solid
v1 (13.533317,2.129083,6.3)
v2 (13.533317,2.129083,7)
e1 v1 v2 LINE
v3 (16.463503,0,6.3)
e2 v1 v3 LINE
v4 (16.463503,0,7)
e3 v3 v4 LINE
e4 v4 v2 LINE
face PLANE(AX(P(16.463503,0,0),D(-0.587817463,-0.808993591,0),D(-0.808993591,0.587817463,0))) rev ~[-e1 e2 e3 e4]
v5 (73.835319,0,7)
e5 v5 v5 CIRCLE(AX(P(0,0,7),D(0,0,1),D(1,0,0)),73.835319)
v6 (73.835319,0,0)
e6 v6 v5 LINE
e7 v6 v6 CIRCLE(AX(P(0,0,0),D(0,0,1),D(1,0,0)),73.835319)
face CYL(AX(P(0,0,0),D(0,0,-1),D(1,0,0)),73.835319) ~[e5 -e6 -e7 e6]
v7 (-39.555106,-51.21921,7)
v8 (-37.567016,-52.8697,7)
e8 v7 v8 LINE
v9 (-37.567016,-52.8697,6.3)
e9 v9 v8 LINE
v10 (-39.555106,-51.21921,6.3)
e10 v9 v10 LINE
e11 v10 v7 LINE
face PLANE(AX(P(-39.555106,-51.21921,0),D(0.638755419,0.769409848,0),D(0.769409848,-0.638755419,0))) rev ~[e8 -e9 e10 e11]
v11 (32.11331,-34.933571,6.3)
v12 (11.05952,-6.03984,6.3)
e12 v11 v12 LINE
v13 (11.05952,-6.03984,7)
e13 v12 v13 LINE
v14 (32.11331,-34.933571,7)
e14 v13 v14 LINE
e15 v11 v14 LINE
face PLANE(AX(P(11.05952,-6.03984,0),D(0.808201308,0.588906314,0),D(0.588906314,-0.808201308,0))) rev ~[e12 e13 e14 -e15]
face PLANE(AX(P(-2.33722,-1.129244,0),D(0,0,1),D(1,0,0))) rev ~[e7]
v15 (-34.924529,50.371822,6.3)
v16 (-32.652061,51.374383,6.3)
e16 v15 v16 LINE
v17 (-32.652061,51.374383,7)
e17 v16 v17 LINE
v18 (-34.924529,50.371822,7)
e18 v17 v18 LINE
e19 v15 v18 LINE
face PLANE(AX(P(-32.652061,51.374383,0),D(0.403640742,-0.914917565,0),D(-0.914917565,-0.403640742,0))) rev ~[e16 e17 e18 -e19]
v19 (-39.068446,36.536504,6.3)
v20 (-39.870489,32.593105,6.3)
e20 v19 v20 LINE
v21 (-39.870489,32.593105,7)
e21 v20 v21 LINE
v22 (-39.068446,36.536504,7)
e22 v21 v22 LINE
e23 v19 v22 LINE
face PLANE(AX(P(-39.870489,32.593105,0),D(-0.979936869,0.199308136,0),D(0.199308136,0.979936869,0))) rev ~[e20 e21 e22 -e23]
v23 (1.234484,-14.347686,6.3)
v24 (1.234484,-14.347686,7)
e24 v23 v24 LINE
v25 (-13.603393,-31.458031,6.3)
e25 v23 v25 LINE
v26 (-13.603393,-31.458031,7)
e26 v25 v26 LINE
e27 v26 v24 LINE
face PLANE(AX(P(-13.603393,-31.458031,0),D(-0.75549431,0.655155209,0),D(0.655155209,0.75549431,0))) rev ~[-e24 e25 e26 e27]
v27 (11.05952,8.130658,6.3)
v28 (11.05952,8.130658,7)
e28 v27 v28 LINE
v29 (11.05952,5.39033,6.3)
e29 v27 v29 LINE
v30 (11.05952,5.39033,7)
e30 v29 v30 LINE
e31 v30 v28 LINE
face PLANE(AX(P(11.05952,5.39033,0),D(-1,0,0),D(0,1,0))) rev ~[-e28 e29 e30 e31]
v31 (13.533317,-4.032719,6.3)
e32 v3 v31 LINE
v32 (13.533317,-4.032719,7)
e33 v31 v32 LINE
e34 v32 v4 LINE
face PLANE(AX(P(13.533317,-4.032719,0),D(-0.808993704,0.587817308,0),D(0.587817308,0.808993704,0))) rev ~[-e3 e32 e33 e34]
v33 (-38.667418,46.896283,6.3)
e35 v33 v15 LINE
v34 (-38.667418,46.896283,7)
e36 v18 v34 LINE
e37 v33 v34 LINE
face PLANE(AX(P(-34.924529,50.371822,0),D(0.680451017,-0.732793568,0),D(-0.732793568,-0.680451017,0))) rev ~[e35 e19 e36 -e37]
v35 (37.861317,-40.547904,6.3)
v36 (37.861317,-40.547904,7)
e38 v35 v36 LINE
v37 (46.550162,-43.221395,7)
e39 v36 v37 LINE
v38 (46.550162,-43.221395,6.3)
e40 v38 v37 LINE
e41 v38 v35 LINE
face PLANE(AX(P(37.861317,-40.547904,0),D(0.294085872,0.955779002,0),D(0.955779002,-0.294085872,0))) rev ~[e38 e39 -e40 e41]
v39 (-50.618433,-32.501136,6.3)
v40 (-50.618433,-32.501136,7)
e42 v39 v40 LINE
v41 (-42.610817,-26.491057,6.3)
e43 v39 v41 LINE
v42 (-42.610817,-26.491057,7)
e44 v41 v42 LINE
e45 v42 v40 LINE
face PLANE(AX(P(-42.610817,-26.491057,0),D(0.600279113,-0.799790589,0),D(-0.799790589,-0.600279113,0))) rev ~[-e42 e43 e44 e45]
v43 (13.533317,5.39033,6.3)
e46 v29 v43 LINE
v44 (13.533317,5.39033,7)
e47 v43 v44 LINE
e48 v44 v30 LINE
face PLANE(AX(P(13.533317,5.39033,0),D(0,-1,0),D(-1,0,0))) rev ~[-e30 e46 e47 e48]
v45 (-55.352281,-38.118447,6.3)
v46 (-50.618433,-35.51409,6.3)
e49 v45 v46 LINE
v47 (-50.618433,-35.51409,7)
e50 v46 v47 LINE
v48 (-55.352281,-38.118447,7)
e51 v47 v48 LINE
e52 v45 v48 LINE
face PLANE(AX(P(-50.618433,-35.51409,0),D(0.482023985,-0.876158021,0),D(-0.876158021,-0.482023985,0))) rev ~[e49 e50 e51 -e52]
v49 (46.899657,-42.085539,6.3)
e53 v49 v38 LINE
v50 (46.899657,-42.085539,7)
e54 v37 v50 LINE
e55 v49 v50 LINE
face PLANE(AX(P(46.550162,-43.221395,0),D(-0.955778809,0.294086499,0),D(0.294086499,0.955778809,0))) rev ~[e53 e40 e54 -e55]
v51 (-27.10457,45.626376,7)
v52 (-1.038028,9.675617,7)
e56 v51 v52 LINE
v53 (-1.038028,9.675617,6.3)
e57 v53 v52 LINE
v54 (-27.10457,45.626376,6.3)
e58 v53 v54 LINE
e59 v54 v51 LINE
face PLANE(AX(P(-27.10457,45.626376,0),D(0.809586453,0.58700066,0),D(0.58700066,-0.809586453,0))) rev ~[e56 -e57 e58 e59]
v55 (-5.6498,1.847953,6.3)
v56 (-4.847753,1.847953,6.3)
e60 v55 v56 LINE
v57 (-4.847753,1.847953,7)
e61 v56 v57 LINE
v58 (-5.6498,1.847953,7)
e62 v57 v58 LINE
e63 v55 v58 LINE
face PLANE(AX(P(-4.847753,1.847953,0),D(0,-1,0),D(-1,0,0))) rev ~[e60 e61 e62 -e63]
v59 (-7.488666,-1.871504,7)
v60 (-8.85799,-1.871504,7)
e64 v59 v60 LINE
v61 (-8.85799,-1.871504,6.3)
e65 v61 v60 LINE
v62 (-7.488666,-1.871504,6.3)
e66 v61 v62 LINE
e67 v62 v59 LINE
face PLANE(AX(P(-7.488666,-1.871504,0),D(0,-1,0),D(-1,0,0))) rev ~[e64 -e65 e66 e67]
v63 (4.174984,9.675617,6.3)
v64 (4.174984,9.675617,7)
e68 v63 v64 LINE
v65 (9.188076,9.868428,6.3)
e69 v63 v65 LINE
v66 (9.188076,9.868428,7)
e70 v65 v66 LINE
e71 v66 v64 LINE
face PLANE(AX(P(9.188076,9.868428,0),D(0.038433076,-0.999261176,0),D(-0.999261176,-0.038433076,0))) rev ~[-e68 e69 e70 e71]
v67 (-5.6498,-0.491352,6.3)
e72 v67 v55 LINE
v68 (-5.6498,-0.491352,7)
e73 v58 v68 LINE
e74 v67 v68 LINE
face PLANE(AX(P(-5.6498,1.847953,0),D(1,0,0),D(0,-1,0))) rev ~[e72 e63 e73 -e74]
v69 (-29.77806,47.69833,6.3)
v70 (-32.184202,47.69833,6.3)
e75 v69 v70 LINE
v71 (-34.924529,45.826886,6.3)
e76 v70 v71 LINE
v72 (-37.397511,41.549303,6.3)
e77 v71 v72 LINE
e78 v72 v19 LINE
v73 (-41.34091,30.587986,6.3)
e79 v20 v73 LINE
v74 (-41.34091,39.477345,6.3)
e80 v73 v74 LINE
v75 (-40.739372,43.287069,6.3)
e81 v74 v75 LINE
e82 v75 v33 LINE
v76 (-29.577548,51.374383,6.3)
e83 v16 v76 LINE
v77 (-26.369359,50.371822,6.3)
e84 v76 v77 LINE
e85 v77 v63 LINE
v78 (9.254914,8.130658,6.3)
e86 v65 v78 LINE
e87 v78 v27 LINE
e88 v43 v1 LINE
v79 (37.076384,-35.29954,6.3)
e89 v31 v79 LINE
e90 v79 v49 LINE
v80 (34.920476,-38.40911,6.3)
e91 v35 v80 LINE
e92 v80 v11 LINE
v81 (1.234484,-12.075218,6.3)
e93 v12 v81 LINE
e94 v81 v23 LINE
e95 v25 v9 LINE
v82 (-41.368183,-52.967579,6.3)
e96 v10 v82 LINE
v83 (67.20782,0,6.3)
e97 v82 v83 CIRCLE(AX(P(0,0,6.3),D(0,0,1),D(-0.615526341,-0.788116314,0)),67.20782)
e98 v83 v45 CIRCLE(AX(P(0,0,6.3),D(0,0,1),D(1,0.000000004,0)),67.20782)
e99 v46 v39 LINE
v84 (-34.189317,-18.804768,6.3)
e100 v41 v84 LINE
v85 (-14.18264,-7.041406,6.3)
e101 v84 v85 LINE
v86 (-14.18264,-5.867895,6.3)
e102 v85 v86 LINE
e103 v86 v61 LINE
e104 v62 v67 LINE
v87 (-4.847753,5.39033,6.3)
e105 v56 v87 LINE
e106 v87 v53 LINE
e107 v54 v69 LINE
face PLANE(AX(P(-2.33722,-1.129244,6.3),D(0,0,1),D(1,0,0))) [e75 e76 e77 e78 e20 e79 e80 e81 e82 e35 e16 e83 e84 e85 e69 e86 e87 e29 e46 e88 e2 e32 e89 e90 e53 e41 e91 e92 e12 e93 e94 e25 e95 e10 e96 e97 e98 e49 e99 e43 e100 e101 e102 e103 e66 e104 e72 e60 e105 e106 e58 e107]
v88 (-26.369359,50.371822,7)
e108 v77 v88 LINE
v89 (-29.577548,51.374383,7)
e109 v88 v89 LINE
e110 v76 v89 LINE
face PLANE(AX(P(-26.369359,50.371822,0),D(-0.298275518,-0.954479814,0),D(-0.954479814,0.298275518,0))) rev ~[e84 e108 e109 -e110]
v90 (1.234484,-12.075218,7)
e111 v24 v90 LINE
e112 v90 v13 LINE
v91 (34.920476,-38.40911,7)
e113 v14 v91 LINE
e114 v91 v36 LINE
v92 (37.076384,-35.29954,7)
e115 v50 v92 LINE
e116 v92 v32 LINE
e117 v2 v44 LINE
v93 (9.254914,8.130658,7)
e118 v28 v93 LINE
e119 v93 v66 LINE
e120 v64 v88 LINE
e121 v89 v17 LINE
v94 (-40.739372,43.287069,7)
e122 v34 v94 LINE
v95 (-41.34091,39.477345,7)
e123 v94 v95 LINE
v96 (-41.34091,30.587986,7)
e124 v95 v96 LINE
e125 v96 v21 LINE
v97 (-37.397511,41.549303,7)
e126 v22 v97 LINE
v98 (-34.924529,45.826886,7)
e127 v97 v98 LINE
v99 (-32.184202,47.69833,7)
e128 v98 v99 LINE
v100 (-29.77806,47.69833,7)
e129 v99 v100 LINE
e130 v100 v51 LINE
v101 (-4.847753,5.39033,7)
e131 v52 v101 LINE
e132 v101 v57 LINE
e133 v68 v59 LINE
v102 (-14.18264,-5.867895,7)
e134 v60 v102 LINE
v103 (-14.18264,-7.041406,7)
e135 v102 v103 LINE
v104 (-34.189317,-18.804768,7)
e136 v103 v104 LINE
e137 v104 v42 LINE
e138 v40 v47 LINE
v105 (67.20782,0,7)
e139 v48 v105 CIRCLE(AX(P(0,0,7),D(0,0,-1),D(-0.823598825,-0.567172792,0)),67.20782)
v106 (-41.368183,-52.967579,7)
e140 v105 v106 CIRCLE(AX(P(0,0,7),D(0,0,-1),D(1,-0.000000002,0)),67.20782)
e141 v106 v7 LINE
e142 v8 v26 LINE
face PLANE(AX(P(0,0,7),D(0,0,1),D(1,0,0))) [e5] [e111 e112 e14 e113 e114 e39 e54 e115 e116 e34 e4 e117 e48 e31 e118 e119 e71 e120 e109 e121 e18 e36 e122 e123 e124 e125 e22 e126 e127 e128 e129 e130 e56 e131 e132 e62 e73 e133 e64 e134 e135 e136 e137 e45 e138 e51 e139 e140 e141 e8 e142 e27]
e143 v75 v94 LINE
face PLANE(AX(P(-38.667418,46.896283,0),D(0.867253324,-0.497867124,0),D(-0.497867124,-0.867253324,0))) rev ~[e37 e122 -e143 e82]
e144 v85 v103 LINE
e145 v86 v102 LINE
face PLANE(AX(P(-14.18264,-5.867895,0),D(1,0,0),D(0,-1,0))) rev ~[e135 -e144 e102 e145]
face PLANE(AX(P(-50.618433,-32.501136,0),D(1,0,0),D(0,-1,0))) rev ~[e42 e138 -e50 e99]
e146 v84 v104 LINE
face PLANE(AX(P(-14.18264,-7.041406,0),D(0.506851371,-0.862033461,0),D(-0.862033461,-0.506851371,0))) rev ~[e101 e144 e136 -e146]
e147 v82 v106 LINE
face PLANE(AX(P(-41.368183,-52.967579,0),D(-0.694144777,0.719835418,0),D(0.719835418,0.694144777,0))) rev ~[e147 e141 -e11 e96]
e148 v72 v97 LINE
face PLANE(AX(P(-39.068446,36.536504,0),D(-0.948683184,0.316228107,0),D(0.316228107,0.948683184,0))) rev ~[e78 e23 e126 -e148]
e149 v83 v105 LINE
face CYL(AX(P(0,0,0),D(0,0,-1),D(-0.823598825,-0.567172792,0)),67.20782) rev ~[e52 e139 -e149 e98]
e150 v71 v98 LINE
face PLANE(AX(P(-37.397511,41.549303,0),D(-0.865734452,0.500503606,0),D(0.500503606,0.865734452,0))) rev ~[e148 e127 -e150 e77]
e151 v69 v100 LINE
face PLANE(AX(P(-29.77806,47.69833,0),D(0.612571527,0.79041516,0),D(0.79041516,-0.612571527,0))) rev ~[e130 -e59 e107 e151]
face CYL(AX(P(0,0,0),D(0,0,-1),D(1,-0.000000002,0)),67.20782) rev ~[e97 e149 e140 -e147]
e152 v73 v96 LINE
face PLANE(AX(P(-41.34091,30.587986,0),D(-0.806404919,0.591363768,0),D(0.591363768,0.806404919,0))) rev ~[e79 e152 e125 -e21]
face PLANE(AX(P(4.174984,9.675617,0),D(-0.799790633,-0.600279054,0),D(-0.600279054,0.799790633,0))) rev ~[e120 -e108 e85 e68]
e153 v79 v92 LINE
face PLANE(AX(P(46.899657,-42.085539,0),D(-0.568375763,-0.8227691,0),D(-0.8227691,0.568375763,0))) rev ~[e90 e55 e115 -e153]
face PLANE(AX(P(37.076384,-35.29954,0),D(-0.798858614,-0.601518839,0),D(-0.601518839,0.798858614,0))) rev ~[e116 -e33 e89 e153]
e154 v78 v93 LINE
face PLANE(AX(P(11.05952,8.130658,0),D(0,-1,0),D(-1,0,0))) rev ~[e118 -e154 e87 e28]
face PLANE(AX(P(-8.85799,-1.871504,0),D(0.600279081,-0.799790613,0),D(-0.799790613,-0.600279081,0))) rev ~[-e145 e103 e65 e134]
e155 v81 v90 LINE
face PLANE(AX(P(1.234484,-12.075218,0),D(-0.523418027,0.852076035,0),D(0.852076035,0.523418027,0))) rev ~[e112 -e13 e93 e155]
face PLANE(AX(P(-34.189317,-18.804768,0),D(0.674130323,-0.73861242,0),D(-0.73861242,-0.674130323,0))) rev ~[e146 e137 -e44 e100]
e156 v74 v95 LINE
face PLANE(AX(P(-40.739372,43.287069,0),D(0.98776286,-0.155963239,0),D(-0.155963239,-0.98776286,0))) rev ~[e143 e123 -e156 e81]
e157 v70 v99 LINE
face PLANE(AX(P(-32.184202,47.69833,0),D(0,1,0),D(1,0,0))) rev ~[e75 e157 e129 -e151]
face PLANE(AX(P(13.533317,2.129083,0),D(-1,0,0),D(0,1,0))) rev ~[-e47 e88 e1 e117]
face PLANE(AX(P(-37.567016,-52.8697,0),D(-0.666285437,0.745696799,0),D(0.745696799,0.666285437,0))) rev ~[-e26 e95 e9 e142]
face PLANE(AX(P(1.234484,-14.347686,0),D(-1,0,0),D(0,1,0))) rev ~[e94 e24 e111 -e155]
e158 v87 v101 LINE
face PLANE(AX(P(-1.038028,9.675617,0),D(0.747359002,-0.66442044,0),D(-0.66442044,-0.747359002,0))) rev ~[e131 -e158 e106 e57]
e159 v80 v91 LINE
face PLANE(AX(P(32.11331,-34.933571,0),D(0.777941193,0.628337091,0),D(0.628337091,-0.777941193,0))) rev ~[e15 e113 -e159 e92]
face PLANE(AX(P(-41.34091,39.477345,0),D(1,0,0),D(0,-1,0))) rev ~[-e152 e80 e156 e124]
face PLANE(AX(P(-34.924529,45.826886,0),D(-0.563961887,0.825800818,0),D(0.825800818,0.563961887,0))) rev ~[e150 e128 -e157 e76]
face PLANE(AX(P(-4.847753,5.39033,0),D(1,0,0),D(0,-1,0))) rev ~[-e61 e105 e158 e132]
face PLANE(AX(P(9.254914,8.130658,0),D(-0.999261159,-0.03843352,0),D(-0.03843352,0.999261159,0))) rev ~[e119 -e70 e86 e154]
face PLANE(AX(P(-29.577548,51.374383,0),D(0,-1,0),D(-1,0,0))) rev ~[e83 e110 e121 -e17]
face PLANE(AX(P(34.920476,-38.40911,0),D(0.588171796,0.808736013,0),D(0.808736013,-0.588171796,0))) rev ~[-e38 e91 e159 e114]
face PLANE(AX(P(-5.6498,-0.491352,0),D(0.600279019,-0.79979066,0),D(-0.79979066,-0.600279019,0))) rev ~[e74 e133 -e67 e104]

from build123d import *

# Parameters (mm, degrees)
F0_R     = 73.835319
F1_DEPTH = 7
F2_DEPTH = 6.3


with BuildPart() as f1:
    # F0 (on Top) → F1 (new body)
    with BuildSketch(Plane.XY):
        Circle(F0_R)
        with BuildLine():
            ThreePointArc((-55.352281, -38.118447), (-19.959771, 64.175529), (67.20782, 0))
            ThreePointArc((67.20782, 0), (29.467148, -60.403462), (-41.368183, -52.967579))
            ThreePointArc((-41.368183, -52.967579), (-48.926845, -46.076619), (-55.352281, -38.118447))
        make_face(mode=Mode.SUBTRACT)
        with BuildLine():
            Line((-50.618433, -35.51409), (-55.352281, -38.118447))
            ThreePointArc((-55.352281, -38.118447), (-48.926845, -46.076619), (-41.368183, -52.967579))
            Line((-41.368183, -52.967579), (-39.555106, -51.21921))
            Line((-39.555106, -51.21921), (-37.567016, -52.8697))
            Line((-37.567016, -52.8697), (-13.603393, -31.458031))
            Line((-13.603393, -31.458031), (1.234484, -14.347686))
            Line((1.234484, -14.347686), (1.234484, -12.075218))
            Line((1.234484, -12.075218), (11.05952, -6.03984))
            Line((11.05952, -6.03984), (32.11331, -34.933571))
            Line((32.11331, -34.933571), (34.920476, -38.40911))
            Line((34.920476, -38.40911), (37.861317, -40.547904))
            Line((37.861317, -40.547904), (46.550162, -43.221395))
            Line((46.550162, -43.221395), (46.899657, -42.085539))
            Line((46.899657, -42.085539), (37.076384, -35.29954))
            Line((37.076384, -35.29954), (13.533317, -4.032719))
            Line((13.533317, -4.032719), (16.463503, 0))
            Line((16.463503, 0), (13.533317, 2.129083))
            Line((13.533317, 2.129083), (13.533317, 5.39033))
            Line((13.533317, 5.39033), (11.05952, 5.39033))
            Line((11.05952, 5.39033), (11.05952, 8.130658))
            Line((11.05952, 8.130658), (9.254914, 8.130658))
            Line((9.254914, 8.130658), (9.188076, 9.868428))
            Line((9.188076, 9.868428), (4.174984, 9.675617))
            Line((4.174984, 9.675617), (-26.369359, 50.371822))
            Line((-26.369359, 50.371822), (-29.577548, 51.374383))
            Line((-29.577548, 51.374383), (-32.652061, 51.374383))
            Line((-32.652061, 51.374383), (-34.924529, 50.371822))
            Line((-34.924529, 50.371822), (-38.667418, 46.896283))
            Line((-38.667418, 46.896283), (-40.739372, 43.287069))
            Line((-40.739372, 43.287069), (-41.34091, 39.477345))
            Line((-41.34091, 39.477345), (-41.34091, 30.587986))
            Line((-41.34091, 30.587986), (-39.870489, 32.593105))
            Line((-39.870489, 32.593105), (-39.068446, 36.536504))
            Line((-39.068446, 36.536504), (-37.397511, 41.549303))
            Line((-37.397511, 41.549303), (-34.924529, 45.826886))
            Line((-34.924529, 45.826886), (-32.184202, 47.69833))
            Line((-32.184202, 47.69833), (-29.77806, 47.69833))
            Line((-29.77806, 47.69833), (-27.10457, 45.626376))
            Line((-27.10457, 45.626376), (-1.038028, 9.675617))
            Line((-1.038028, 9.675617), (-4.847753, 5.39033))
            Line((-4.847753, 5.39033), (-4.847753, 1.847953))
            Line((-4.847753, 1.847953), (-5.6498, 1.847953))
            Line((-5.6498, 1.847953), (-5.6498, -0.491352))
            Line((-5.6498, -0.491352), (-7.488666, -1.871504))
            Line((-7.488666, -1.871504), (-8.85799, -1.871504))
            Line((-8.85799, -1.871504), (-14.18264, -5.867895))
            Line((-14.18264, -5.867895), (-14.18264, -7.041406))
            Line((-14.18264, -7.041406), (-34.189317, -18.804768))
            Line((-34.189317, -18.804768), (-42.610817, -26.491057))
            Line((-42.610817, -26.491057), (-50.618433, -32.501136))
            Line((-50.618433, -32.501136), (-50.618433, -35.51409))
        make_face()
    extrude(amount=F1_DEPTH)

    # F0 (on Top) → F2 (join)
    with BuildSketch(Plane.XY):
        with BuildLine():
            ThreePointArc((-41.368183, -52.967579), (29.467148, -60.403462), (67.20782, 0))
            ThreePointArc((67.20782, 0), (-19.959771, 64.175529), (-55.352281, -38.118447))
            Line((-55.352281, -38.118447), (-50.618433, -35.51409))
            Line((-50.618433, -35.51409), (-50.618433, -32.501136))
            Line((-50.618433, -32.501136), (-42.610817, -26.491057))
            Line((-42.610817, -26.491057), (-34.189317, -18.804768))
            Line((-34.189317, -18.804768), (-14.18264, -7.041406))
            Line((-14.18264, -7.041406), (-14.18264, -5.867895))
            Line((-14.18264, -5.867895), (-8.85799, -1.871504))
            Line((-8.85799, -1.871504), (-7.488666, -1.871504))
            Line((-7.488666, -1.871504), (-5.6498, -0.491352))
            Line((-5.6498, -0.491352), (-5.6498, 1.847953))
            Line((-5.6498, 1.847953), (-4.847753, 1.847953))
            Line((-4.847753, 1.847953), (-4.847753, 5.39033))
            Line((-4.847753, 5.39033), (-1.038028, 9.675617))
            Line((-1.038028, 9.675617), (-27.10457, 45.626376))
            Line((-27.10457, 45.626376), (-29.77806, 47.69833))
            Line((-29.77806, 47.69833), (-32.184202, 47.69833))
            Line((-32.184202, 47.69833), (-34.924529, 45.826886))
            Line((-34.924529, 45.826886), (-37.397511, 41.549303))
            Line((-37.397511, 41.549303), (-39.068446, 36.536504))
            Line((-39.068446, 36.536504), (-39.870489, 32.593105))
            Line((-39.870489, 32.593105), (-41.34091, 30.587986))
            Line((-41.34091, 30.587986), (-41.34091, 39.477345))
            Line((-41.34091, 39.477345), (-40.739372, 43.287069))
            Line((-40.739372, 43.287069), (-38.667418, 46.896283))
            Line((-38.667418, 46.896283), (-34.924529, 50.371822))
            Line((-34.924529, 50.371822), (-32.652061, 51.374383))
            Line((-32.652061, 51.374383), (-29.577548, 51.374383))
            Line((-29.577548, 51.374383), (-26.369359, 50.371822))
            Line((-26.369359, 50.371822), (4.174984, 9.675617))
            Line((4.174984, 9.675617), (9.188076, 9.868428))
            Line((9.188076, 9.868428), (9.254914, 8.130658))
            Line((9.254914, 8.130658), (11.05952, 8.130658))
            Line((11.05952, 8.130658), (11.05952, 5.39033))
            Line((11.05952, 5.39033), (13.533317, 5.39033))
            Line((13.533317, 5.39033), (13.533317, 2.129083))
            Line((13.533317, 2.129083), (16.463503, 0))
            Line((16.463503, 0), (13.533317, -4.032719))
            Line((13.533317, -4.032719), (37.076384, -35.29954))
            Line((37.076384, -35.29954), (46.899657, -42.085539))
            Line((46.899657, -42.085539), (46.550162, -43.221395))
            Line((46.550162, -43.221395), (37.861317, -40.547904))
            Line((37.861317, -40.547904), (34.920476, -38.40911))
            Line((34.920476, -38.40911), (32.11331, -34.933571))
            Line((32.11331, -34.933571), (11.05952, -6.03984))
            Line((11.05952, -6.03984), (1.234484, -12.075218))
            Line((1.234484, -12.075218), (1.234484, -14.347686))
            Line((1.234484, -14.347686), (-13.603393, -31.458031))
            Line((-13.603393, -31.458031), (-37.567016, -52.8697))
            Line((-37.567016, -52.8697), (-39.555106, -51.21921))
            Line((-39.555106, -51.21921), (-41.368183, -52.967579))
        make_face()
    extrude(amount=F2_DEPTH)


solid = f1.part
